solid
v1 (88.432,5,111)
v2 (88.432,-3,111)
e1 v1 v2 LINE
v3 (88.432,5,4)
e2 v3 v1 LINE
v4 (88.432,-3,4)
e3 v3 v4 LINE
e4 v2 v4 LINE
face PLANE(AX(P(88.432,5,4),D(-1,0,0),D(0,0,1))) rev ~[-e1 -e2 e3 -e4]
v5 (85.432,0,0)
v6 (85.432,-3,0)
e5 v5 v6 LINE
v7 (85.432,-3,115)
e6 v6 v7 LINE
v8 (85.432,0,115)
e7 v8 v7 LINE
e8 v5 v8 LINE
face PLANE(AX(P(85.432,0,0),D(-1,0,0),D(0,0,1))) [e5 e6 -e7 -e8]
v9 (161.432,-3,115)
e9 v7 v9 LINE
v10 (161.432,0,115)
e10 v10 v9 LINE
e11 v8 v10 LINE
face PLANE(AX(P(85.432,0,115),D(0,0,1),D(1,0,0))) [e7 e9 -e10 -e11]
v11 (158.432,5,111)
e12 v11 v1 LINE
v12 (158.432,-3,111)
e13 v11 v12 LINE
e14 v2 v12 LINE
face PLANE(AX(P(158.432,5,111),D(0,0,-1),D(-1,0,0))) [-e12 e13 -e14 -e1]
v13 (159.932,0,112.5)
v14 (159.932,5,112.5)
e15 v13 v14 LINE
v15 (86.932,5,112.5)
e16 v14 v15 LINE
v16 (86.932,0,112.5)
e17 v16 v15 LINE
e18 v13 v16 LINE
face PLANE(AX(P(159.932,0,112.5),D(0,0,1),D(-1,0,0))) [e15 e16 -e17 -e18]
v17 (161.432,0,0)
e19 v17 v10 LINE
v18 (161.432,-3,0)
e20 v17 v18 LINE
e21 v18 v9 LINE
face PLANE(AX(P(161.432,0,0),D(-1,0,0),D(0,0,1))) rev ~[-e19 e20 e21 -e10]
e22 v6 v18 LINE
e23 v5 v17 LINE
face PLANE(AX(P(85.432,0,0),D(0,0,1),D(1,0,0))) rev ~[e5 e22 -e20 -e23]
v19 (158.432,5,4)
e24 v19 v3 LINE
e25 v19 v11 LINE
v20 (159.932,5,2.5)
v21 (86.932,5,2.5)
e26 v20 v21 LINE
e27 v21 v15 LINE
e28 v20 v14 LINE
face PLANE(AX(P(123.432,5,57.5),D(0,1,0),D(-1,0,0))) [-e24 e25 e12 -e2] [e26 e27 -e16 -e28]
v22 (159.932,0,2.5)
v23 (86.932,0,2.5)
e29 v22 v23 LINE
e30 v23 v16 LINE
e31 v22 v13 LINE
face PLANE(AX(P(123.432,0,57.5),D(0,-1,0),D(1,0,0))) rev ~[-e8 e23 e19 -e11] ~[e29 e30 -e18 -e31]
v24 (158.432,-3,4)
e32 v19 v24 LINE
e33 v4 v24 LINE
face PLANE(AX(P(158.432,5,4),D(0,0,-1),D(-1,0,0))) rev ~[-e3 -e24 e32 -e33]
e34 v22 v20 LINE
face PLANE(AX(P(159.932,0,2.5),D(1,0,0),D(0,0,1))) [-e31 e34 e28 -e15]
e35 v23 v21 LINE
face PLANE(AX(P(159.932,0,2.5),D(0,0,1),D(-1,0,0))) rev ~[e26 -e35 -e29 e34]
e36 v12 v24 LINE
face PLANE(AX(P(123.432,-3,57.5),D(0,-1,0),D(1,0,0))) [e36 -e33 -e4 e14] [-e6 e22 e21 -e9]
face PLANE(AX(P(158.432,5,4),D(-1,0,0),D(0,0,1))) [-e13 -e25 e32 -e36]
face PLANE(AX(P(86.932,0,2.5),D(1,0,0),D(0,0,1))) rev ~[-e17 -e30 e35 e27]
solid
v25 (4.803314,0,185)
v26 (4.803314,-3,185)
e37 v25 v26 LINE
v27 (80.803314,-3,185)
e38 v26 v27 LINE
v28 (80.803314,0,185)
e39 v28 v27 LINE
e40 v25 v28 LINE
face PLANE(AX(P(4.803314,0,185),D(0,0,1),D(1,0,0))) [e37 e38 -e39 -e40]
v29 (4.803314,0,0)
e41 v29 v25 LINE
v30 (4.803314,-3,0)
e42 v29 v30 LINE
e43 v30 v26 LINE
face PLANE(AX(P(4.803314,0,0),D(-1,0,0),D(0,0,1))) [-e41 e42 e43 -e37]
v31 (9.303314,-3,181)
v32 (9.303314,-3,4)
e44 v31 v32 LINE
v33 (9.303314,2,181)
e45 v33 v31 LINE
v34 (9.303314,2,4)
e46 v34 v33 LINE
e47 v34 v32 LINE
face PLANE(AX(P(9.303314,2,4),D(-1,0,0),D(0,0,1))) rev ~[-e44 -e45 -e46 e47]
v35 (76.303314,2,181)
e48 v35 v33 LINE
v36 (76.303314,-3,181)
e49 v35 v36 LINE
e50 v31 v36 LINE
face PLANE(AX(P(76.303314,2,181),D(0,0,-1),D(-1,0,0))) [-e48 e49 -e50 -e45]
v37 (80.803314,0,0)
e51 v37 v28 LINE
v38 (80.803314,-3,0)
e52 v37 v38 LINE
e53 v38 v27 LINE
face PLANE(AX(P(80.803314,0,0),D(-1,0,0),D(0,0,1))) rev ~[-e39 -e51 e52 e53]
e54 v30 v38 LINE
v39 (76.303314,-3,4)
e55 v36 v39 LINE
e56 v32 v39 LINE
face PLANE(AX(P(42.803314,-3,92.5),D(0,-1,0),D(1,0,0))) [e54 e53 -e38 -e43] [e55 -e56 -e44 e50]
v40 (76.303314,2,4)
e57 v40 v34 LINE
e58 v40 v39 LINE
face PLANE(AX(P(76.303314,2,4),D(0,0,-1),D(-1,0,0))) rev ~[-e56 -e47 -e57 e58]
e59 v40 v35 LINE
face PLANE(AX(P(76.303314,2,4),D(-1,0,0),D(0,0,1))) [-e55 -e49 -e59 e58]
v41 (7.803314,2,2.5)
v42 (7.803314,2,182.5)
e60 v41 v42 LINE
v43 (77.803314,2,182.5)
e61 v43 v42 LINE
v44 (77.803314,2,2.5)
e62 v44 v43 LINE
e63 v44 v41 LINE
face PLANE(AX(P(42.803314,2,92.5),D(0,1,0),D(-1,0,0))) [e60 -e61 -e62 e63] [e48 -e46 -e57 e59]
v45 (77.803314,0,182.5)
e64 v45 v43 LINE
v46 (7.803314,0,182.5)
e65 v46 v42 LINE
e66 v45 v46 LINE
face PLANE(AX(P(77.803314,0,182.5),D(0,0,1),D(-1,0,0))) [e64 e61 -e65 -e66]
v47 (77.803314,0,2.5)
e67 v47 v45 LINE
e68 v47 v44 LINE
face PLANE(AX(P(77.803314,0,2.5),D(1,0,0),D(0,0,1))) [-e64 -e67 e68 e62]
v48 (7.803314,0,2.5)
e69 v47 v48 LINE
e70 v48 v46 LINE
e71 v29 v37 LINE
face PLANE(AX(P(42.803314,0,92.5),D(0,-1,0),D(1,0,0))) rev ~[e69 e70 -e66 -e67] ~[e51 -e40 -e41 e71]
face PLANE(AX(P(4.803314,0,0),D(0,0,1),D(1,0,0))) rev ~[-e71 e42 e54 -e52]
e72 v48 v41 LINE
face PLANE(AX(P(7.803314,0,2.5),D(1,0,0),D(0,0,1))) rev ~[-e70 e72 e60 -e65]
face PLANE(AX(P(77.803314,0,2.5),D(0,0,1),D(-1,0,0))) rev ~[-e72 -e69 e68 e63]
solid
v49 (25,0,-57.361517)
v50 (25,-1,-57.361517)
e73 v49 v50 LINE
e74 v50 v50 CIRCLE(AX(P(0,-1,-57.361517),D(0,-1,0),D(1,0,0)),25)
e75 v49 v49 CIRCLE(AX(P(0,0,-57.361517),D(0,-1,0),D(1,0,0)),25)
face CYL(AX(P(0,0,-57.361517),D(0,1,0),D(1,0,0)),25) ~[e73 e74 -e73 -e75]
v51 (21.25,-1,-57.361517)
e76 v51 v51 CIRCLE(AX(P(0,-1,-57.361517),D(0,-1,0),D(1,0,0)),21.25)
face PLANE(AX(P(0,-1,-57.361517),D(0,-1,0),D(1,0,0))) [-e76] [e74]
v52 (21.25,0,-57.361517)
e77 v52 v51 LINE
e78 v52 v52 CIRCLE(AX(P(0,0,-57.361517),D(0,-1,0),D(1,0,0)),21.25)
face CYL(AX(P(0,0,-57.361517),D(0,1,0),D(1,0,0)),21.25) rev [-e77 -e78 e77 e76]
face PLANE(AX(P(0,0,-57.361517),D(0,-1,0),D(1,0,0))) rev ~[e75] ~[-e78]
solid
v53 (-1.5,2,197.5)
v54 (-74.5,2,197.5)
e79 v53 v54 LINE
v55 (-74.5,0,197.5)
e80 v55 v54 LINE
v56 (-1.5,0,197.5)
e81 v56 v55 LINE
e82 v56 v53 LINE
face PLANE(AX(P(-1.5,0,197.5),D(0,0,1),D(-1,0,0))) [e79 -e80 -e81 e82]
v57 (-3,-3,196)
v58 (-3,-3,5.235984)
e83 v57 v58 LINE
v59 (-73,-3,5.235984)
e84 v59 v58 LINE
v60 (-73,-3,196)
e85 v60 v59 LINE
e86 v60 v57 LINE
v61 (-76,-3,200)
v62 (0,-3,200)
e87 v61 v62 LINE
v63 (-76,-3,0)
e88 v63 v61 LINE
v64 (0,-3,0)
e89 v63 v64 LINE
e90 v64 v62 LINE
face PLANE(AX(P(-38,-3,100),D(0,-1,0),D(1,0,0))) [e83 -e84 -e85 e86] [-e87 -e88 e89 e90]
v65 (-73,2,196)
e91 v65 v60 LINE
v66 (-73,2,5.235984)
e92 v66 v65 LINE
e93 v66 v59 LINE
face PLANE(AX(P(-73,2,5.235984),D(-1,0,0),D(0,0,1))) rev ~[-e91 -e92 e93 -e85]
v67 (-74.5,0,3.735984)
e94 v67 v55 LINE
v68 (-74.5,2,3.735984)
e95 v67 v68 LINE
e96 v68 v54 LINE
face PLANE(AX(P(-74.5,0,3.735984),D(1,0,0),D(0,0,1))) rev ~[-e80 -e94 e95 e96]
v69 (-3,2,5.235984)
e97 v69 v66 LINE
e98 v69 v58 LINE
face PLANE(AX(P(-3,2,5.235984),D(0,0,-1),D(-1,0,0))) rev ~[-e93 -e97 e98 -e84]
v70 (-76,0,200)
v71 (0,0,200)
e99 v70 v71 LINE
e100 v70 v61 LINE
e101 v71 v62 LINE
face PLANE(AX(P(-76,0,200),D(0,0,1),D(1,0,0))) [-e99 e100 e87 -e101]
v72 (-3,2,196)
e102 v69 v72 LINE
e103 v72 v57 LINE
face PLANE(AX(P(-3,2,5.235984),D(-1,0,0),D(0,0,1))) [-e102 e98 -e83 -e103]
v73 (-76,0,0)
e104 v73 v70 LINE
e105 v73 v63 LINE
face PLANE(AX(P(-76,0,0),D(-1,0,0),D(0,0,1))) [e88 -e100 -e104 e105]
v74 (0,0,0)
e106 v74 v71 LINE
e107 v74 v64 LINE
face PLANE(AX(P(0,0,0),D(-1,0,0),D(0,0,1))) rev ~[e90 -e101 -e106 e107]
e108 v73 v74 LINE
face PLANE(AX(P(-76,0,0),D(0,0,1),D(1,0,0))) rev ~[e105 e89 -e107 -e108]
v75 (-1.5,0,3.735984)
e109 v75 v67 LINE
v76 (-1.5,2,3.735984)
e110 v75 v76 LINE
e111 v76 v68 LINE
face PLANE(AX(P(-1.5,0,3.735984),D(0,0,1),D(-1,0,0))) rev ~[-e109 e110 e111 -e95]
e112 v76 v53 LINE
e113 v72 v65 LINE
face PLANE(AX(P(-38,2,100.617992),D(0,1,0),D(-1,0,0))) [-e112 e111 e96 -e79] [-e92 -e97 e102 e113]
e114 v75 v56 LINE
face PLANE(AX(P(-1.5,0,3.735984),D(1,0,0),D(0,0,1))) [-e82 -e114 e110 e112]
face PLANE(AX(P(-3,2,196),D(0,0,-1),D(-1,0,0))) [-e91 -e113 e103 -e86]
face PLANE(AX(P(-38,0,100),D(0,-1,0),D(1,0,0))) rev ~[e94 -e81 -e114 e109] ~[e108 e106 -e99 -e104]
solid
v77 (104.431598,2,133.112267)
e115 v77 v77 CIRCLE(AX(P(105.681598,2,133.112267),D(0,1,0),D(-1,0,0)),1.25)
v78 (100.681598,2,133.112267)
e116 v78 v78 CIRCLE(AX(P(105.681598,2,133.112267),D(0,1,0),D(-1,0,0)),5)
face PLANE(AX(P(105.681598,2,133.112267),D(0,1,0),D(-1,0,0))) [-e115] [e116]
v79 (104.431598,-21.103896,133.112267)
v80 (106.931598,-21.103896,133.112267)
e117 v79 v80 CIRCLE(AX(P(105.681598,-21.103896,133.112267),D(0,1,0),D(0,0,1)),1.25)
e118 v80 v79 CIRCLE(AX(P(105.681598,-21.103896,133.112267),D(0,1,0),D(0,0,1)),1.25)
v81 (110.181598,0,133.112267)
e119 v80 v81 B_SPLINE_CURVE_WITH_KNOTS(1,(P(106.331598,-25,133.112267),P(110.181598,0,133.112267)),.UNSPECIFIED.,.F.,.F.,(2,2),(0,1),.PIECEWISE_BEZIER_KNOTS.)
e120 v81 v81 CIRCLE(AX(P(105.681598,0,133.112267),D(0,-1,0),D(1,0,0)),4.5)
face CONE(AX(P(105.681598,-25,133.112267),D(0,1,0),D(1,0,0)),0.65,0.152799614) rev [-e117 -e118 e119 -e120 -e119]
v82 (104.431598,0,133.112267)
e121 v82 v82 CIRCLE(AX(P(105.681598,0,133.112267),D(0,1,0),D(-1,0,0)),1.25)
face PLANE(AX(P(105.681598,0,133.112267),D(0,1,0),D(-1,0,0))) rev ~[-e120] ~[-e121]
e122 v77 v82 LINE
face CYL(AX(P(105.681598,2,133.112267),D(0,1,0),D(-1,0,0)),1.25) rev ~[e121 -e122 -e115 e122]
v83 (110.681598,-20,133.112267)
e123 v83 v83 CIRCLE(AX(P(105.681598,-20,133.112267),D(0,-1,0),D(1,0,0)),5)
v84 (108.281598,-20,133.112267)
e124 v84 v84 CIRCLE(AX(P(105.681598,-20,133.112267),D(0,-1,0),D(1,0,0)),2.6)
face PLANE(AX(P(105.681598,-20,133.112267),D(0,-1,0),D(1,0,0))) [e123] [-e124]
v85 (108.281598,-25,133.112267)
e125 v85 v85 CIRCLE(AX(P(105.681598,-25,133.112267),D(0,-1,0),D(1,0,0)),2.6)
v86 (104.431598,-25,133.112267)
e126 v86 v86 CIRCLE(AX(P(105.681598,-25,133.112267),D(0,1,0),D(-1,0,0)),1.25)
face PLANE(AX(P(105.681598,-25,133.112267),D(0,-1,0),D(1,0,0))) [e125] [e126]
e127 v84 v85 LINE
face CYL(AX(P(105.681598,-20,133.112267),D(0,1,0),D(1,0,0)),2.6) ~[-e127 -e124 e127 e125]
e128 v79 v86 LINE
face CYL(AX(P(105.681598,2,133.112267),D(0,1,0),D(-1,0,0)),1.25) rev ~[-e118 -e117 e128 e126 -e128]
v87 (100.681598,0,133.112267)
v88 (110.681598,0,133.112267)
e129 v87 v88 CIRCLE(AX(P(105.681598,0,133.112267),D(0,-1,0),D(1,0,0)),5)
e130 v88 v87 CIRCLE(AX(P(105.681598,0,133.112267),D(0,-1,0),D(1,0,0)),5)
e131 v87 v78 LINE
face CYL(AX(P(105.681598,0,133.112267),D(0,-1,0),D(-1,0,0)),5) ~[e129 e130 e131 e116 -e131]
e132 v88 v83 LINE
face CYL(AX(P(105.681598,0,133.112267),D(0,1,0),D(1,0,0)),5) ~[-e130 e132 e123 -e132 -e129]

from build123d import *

# Parameters (mm, degrees)
F0_W      = 76
F0_H      = 200
F1_DEPTH  = 3
F2_W      = 73
F2_H      = 193.764015
F3_DEPTH  = 2
F4_W      = 70
F4_H      = 190.764015
F5_DEPTH  = 25.4
F6_W      = 76
F6_H      = 185
F7_DEPTH  = 3
F8_W      = 70
F8_H      = 180
F9_DEPTH  = 2
F10_W     = 67
F10_H     = 177
F11_DEPTH = 25.4
F12_W     = 76
F12_H     = 115
F13_DEPTH = 3
F14_W     = 73
F14_H     = 110
F15_DEPTH = 5
F16_W     = 70
F16_H     = 107
F17_DEPTH = 25.4
F18_R     = 5
F19_DEPTH = 20
F20_R     = 2.6
F21_DEPTH = 5
F23_R     = 0.65
F22_R     = 4.5
F25_R     = 5
F26_DEPTH = 2
F27_R     = 1.25
F28_DEPTH = 31
F29_R     = 25
F29_R_2   = 21.25
F30_DEPTH = 1


with BuildPart() as f1:
    # F0 (on Front) → F1 (new body)
    with BuildSketch(Plane.XZ):
        with Locations((-38, 100)):
            Rectangle(F0_W, F0_H)
    extrude(amount=F1_DEPTH)

    # F2 (on face) → F3 (join)
    with BuildSketch(Plane(origin=(0, 0, 0), x_dir=(-1, 0, 0), z_dir=(0, 1, 0))):
        with Locations((38, 100.617992)):
            Rectangle(F2_W, F2_H)
    extrude(amount=F3_DEPTH)

    # F4 (on face) → F5 (cut)
    with BuildSketch(Plane(origin=(0, 2, 0), x_dir=(-1, 0, 0), z_dir=(0, 1, 0))):
        with Locations((38, 100.617992)):
            Rectangle(F4_W, F4_H)
    extrude(amount=-F5_DEPTH, mode=Mode.SUBTRACT)


with BuildPart() as f7:
    # F6 (on Front) → F7 (new body)
    with BuildSketch(Plane.XZ):
        with Locations((42.803314, 92.5)):
            Rectangle(F6_W, F6_H)
    extrude(amount=F7_DEPTH)

    # F8 (on face) → F9 (join)
    with BuildSketch(Plane(origin=(0, 0, 0), x_dir=(-1, 0, 0), z_dir=(0, 1, 0))):
        with Locations((-42.803314, 92.5)):
            Rectangle(F8_W, F8_H)
    extrude(amount=F9_DEPTH)

    # F10 (on face) → F11 (cut)
    with BuildSketch(Plane(origin=(0, 2, 0), x_dir=(-1, 0, 0), z_dir=(0, 1, 0))):
        with Locations((-42.803314, 92.5)):
            Rectangle(F10_W, F10_H)
    extrude(amount=-F11_DEPTH, mode=Mode.SUBTRACT)


with BuildPart() as f13:
    # F12 (on Front) → F13 (new body)
    with BuildSketch(Plane.XZ):
        with Locations((123.432, 57.5)):
            Rectangle(F12_W, F12_H)
    extrude(amount=F13_DEPTH)

    # F14 (on face) → F15 (join)
    with BuildSketch(Plane(origin=(0, 0, 0), x_dir=(-1, 0, 0), z_dir=(0, 1, 0))):
        with Locations((-123.432, 57.5)):
            Rectangle(F14_W, F14_H)
    extrude(amount=F15_DEPTH)

    # F16 (on face) → F17 (cut)
    with BuildSketch(Plane(origin=(0, 5, 0), x_dir=(-1, 0, 0), z_dir=(0, 1, 0))):
        with Locations((-123.432, 57.5)):
            Rectangle(F16_W, F16_H)
    extrude(amount=-F17_DEPTH, mode=Mode.SUBTRACT)


with BuildPart() as f19:
    # F18 (on Front) → F19 (new body)
    with BuildSketch(Plane.XZ):
        with Locations((105.681598, 133.112267)):
            Circle(F18_R)
    extrude(amount=F19_DEPTH)

    # F20 (on face) → F21 (join)
    with BuildSketch(Plane.XZ.offset(20)):
        with Locations((105.681598, 133.112267)):
            Circle(F20_R)
    extrude(amount=F21_DEPTH)

    # F23 (on face) → F24 section 0
    with BuildSketch(Plane.XZ.offset(25)):
        with Locations((105.681598, 133.112267)):
            Circle(F23_R)
    # F22 (on face) → F24 section 1
    with BuildSketch(Plane(origin=(0, 0, 0), x_dir=(-1, 0, 0), z_dir=(0, 1, 0))):
        with Locations((-105.681598, 133.112267)):
            Circle(F22_R)
    loft(mode=Mode.SUBTRACT)

    # F25 (on face) → F26 (join)
    with BuildSketch(Plane(origin=(0, 0, 0), x_dir=(-1, 0, 0), z_dir=(0, 1, 0))):
        with Locations((-105.681598, 133.112267)):
            Circle(F25_R)
    extrude(amount=F26_DEPTH)

    # F27 (on face) → F28 (cut)
    with BuildSketch(Plane(origin=(0, 2, 0), x_dir=(-1, 0, 0), z_dir=(0, 1, 0))):
        with Locations((-105.681598, 133.112267)):
            Circle(F27_R)
    extrude(amount=-F28_DEPTH, mode=Mode.SUBTRACT)


with BuildPart() as f30:
    # F29 (on Front) → F30 (new body)
    with BuildSketch(Plane.XZ):
        with Locations((0, -57.361517)):
            Circle(F29_R)
        with Locations((0, -57.361517)):
            Circle(F29_R_2, mode=Mode.SUBTRACT)
    extrude(amount=F30_DEPTH)


solid = Compound([f1.part, f7.part, f13.part, f19.part, f30.part])
